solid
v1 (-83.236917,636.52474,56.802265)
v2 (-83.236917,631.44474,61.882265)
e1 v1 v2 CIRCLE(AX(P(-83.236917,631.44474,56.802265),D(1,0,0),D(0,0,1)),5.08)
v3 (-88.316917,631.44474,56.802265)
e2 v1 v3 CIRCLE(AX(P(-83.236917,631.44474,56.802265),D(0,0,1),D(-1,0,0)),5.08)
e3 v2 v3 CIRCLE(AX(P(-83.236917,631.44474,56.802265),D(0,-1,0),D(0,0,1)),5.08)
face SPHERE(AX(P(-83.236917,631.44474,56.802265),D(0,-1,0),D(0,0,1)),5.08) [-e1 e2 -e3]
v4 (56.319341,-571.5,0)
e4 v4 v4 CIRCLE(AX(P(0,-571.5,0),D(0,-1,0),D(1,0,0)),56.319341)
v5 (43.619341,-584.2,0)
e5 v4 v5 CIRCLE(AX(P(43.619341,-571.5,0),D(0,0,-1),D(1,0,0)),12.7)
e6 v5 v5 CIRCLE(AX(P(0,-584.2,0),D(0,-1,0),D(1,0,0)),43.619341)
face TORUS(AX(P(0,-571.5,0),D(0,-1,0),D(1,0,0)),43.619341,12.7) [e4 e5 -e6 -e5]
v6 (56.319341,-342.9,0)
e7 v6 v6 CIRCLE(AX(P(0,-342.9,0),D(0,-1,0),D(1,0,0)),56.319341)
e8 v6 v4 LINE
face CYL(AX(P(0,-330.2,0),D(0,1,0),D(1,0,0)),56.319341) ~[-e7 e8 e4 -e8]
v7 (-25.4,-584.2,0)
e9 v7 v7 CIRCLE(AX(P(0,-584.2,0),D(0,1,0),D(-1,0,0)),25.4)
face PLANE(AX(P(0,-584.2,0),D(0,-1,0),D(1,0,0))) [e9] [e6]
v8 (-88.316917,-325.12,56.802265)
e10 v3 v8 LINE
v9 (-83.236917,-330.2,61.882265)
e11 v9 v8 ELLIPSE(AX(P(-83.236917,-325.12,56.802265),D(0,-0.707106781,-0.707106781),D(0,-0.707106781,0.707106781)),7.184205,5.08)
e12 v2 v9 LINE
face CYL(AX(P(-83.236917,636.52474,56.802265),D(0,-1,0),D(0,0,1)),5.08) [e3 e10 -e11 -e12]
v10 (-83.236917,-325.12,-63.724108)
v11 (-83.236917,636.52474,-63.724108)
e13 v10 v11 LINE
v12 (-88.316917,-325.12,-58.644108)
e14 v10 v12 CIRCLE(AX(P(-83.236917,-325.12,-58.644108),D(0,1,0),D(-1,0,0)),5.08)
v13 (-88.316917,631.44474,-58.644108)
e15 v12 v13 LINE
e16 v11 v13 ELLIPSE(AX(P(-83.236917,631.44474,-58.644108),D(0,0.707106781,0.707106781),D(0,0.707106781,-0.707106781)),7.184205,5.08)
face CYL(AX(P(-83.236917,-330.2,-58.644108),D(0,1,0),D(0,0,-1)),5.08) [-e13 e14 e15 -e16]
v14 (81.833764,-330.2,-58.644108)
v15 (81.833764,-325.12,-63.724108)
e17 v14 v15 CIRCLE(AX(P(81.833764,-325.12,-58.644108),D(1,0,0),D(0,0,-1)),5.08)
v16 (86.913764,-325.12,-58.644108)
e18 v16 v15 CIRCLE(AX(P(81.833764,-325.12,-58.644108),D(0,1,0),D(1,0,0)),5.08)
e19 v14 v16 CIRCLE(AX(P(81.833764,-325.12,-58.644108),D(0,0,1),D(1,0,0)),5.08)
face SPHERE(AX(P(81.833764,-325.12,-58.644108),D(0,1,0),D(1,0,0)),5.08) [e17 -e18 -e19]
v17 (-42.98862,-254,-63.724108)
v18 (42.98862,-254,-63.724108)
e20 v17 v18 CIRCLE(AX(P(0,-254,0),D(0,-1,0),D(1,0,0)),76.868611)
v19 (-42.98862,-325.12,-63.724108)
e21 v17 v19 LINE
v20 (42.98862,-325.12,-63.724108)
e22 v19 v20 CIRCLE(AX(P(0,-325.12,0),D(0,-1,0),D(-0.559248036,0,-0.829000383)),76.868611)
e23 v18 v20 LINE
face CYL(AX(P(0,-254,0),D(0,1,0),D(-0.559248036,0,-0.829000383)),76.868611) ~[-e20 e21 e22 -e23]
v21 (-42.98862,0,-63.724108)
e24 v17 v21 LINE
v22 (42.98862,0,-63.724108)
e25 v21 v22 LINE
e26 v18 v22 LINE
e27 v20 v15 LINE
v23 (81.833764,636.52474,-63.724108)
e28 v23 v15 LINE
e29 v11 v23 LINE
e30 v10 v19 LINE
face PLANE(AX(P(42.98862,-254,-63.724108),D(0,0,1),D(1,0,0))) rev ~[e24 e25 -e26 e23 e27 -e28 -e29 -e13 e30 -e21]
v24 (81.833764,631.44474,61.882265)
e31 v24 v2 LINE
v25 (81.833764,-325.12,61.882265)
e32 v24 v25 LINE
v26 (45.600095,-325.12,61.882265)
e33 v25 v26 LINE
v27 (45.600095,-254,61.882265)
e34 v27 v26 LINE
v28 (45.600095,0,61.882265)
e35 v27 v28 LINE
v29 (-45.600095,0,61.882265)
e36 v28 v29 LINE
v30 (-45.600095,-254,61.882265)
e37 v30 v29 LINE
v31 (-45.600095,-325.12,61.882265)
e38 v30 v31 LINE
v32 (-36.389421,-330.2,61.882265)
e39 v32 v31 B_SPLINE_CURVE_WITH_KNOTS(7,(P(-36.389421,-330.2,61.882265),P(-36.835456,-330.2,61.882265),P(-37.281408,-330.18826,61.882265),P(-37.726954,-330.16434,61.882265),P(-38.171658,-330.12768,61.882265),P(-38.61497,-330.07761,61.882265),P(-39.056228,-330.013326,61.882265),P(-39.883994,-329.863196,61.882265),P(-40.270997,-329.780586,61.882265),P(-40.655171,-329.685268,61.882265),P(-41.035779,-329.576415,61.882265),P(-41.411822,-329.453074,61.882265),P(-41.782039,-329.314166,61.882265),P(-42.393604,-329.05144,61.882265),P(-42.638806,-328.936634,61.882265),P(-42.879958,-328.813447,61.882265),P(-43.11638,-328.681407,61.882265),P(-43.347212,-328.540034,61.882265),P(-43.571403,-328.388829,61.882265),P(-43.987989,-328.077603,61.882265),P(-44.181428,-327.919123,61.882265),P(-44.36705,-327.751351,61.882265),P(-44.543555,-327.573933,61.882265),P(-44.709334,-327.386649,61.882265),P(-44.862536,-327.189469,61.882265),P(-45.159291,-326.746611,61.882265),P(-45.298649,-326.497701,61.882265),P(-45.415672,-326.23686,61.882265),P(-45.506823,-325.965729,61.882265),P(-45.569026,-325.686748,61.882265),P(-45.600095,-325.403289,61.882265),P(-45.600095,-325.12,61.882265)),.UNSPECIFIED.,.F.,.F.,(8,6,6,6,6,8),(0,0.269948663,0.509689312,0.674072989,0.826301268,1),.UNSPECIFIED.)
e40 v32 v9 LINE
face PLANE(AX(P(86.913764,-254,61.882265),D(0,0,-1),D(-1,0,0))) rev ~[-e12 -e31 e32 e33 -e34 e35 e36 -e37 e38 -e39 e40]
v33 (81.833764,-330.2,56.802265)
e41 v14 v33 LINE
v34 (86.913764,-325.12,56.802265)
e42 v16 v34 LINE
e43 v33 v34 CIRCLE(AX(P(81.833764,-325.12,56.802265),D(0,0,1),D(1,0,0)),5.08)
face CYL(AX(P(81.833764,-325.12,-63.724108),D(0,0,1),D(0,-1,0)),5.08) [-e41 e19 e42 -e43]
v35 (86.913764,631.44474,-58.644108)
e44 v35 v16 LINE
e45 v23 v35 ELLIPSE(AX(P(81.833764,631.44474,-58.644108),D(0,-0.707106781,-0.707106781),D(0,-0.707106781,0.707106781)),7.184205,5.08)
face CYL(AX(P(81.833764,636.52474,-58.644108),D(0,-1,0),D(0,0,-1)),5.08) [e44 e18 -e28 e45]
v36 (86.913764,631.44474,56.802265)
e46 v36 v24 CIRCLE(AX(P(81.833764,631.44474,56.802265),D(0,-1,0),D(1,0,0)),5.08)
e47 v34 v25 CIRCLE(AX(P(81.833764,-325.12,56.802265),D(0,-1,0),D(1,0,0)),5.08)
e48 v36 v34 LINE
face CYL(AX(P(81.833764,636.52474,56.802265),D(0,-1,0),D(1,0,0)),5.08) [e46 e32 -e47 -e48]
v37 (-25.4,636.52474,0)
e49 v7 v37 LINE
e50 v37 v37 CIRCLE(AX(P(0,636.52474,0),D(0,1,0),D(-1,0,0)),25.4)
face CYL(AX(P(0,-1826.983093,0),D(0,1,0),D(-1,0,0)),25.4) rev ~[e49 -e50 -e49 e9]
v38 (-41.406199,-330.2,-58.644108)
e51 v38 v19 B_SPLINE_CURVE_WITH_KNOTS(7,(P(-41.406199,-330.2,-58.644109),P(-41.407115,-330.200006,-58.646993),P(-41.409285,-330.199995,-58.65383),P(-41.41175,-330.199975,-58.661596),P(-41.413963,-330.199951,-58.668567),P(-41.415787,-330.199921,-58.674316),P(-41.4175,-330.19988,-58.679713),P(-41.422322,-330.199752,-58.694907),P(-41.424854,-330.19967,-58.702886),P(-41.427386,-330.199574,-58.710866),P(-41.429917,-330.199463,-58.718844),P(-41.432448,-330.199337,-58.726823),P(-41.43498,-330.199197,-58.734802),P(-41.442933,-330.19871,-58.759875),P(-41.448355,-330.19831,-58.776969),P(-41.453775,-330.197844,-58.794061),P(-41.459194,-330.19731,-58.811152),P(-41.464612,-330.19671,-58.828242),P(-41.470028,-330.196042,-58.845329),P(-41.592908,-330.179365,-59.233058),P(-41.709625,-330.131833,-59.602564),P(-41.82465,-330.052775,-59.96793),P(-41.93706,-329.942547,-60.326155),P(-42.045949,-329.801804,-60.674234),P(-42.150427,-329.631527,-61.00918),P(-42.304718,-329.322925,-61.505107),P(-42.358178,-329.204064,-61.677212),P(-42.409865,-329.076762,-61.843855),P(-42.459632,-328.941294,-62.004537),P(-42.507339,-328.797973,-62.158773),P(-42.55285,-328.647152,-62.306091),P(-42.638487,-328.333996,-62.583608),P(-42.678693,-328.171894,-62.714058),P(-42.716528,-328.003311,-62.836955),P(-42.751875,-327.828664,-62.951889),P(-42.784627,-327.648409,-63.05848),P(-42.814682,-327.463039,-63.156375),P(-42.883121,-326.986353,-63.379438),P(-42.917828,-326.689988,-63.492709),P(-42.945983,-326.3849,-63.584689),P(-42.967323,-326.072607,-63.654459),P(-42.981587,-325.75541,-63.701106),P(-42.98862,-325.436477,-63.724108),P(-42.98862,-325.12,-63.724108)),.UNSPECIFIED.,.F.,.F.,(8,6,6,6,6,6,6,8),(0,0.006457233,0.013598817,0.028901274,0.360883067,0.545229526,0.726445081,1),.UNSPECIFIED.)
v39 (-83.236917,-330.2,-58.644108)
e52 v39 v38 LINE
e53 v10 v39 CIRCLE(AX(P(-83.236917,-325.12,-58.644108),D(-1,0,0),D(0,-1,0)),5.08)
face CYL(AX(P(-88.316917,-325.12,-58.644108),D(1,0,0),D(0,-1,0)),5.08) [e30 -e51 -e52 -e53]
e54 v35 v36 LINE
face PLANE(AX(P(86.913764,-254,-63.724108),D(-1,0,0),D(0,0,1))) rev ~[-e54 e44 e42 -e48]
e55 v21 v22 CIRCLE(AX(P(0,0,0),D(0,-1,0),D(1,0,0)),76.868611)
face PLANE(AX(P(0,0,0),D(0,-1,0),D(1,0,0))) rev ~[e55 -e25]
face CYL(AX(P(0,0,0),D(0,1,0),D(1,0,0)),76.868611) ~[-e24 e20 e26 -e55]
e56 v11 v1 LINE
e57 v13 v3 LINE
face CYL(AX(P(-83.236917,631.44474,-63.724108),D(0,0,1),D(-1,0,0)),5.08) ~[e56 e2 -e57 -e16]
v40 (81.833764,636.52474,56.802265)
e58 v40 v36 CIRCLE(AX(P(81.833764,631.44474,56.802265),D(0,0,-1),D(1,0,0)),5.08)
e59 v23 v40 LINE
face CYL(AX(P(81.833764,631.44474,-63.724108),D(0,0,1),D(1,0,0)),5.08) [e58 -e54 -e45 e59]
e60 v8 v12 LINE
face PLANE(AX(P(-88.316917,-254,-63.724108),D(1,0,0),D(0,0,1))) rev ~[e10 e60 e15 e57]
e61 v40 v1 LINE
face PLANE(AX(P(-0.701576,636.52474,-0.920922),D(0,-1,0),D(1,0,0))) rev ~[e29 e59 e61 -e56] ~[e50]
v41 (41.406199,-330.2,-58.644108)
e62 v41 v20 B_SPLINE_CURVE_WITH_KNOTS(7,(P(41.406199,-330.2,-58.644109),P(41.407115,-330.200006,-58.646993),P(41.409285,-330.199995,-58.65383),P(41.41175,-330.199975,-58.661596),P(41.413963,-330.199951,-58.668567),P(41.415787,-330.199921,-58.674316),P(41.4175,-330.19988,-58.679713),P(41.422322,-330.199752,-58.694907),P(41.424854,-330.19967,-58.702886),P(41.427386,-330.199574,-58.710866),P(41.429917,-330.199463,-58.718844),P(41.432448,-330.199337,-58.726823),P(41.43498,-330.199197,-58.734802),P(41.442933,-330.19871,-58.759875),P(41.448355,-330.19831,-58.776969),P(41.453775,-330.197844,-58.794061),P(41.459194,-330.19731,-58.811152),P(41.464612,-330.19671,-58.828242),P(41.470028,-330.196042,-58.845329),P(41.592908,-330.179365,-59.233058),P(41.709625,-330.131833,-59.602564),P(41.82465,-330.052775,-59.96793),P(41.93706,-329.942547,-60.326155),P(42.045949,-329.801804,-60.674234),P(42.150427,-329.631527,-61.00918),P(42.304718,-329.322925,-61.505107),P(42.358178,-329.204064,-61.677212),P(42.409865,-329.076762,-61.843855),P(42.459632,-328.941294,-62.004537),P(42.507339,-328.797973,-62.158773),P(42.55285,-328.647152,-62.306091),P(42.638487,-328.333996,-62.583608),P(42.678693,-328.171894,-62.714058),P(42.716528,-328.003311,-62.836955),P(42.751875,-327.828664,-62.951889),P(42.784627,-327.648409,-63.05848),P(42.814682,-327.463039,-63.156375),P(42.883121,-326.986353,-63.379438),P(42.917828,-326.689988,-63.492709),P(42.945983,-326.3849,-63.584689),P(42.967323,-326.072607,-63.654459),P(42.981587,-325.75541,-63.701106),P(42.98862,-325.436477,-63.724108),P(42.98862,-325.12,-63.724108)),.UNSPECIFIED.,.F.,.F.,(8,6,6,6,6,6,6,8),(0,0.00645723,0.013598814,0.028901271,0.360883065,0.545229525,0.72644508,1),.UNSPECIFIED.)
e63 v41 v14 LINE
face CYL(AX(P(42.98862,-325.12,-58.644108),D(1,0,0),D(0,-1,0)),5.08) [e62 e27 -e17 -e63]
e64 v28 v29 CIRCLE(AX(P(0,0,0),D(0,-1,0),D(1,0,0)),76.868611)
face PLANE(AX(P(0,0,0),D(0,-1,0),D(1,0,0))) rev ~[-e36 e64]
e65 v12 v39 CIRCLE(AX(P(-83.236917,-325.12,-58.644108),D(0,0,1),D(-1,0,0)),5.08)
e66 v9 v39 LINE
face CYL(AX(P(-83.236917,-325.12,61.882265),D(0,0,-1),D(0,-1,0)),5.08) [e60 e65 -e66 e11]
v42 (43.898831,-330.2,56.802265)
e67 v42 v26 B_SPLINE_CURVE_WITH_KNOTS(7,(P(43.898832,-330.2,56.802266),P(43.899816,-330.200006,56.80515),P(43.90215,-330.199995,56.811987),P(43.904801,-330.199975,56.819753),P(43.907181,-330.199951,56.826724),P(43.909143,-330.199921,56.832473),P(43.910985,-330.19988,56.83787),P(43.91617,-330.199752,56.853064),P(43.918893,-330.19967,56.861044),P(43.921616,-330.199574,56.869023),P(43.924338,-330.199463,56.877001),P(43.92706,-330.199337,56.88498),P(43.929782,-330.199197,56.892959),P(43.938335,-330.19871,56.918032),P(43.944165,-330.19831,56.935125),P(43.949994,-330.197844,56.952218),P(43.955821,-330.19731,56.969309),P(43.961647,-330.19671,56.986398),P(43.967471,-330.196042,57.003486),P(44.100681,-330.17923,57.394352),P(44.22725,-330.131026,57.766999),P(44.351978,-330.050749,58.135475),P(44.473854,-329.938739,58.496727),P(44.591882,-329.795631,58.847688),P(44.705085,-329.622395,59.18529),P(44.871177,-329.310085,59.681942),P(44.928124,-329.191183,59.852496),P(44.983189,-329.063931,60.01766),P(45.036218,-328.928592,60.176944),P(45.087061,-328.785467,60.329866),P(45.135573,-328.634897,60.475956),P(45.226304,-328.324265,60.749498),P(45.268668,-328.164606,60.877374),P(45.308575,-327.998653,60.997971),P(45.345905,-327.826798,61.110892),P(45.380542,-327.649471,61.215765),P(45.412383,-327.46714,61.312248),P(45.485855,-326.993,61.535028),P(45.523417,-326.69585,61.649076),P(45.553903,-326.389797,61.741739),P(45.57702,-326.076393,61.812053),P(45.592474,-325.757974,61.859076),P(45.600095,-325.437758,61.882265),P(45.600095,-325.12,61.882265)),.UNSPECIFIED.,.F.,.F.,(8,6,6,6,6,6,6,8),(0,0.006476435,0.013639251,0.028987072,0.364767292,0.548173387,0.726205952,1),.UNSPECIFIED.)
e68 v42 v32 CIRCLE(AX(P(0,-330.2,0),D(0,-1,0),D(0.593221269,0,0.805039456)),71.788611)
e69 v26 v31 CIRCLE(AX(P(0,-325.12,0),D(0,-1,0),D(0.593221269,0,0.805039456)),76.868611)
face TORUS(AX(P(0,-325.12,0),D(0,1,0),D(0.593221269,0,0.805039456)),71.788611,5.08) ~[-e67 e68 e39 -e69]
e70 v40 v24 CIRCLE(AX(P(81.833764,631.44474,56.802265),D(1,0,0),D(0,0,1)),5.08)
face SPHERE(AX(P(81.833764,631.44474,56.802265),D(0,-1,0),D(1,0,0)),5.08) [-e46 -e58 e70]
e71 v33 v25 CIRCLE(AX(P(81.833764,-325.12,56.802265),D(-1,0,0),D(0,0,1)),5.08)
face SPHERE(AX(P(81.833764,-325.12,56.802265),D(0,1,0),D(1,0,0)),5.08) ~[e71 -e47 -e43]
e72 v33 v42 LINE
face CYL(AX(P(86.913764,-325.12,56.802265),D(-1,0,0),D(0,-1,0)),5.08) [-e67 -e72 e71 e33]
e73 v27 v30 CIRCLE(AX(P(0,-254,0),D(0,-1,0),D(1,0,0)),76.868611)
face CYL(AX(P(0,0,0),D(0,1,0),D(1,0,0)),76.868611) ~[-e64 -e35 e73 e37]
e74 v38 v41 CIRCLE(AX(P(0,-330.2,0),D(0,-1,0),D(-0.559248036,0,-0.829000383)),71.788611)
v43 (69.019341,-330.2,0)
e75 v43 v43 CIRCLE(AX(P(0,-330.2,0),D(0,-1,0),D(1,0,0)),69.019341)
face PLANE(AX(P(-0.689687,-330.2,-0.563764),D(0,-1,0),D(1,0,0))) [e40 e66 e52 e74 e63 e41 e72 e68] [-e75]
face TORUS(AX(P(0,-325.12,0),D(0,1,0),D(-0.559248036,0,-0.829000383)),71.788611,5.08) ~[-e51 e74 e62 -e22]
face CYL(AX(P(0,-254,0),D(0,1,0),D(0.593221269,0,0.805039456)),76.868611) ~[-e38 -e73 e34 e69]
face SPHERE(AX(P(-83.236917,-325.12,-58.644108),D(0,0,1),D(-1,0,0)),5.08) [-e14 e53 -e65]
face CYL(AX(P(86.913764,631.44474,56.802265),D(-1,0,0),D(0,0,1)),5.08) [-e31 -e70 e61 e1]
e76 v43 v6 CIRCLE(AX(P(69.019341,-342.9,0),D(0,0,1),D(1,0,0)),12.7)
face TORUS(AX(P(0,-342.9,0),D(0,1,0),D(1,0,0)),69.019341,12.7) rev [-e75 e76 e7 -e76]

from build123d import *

# Parameters (mm, degrees)
F0_R          = 76.8686111214
F1_DEPTH      = 254
F2_W          = 175.2306818962
F2_H          = 125.6063729525
F3_DEPTH      = 890.52474
F4_R          = 58.9166672022
F3_FACE1_W    = 175.2306818962
F3_FACE1_H    = 125.6063729525
F5_DEPTH      = 76.2
F6_R          = 56.3193405809
F7_DEPTH      = 254
F7_DEPTH_BACK = 25.4
F8_R          = 12.7
F9_R          = 12.7
F11_D         = 50.8
F12_R         = 5.08


with BuildPart() as f1:
    # F0 (on Front) → F1 (new body)
    with BuildSketch(Plane.XZ):
        Circle(F0_R)
    extrude(amount=F1_DEPTH)

    # F2 (on face) → F3 (join)
    with BuildSketch(Plane.XZ.offset(254)):
        with Locations((-0.7015764713, -0.9209215641)):
            Rectangle(F2_W, F2_H)
        with BuildLine():
            Line((86.9137644768, 61.8822649121), (45.6000950117, 61.8822649121))
            ThreePointArc((45.6000950117, 61.8822649121), (68.6075773741, 34.6667521206), (76.8686111214, 0))
            ThreePointArc((76.8686111214, 0), (67.8721550854, -36.0853701628), (42.9886197754, -63.7241080403))
            Line((42.9886197754, -63.7241080403), (86.9137644768, -63.7241080403))
            Line((86.9137644768, -63.7241080403), (86.9137644768, 61.8822649121))
        make_face()
    extrude(amount=-F3_DEPTH)

    # F4 (on face) + F3_face (on face) + F3_face1 (on face) → F5 (join)
    with BuildSketch(Plane.XZ.offset(254)):
        Circle(F4_R)
    with BuildSketch(Plane(origin=(-0.6513319222, -254, -0.4226097365), x_dir=(1, 0, 0), z_dir=(0, -1, 0))):
        with BuildLine():
            Line((43.6399516976, -63.3014983039), (87.565096399, -63.3014983039))
            Line((87.565096399, -63.3014983039), (87.565096399, 62.3048746486))
            Line((87.565096399, 62.3048746486), (46.2514269339, 62.3048746486))
            ThreePointArc((46.2514269339, 62.3048746486), (0.6513319222, 77.2912208578), (-44.9487630895, 62.3048746486))
            Line((-44.9487630895, 62.3048746486), (-87.6655854972, 62.3048746486))
            Line((-87.6655854972, 62.3048746486), (-87.6655854972, -63.3014983039))
            Line((-87.6655854972, -63.3014983039), (-42.3372878532, -63.3014983039))
            ThreePointArc((-42.3372878532, -63.3014983039), (0.6513319222, -76.4460013849), (43.6399516976, -63.3014983039))
        make_face()
    with BuildSketch(Plane(origin=(-0.7015764713, 636.52474, -0.9209215641), x_dir=(1, 0, 0), z_dir=(0, 1, 0))):
        Rectangle(F3_FACE1_W, F3_FACE1_H)
    extrude(amount=F5_DEPTH, dir=(0, -1, 0))

    # F6 (on face) → F7 (join, two sides)
    with BuildSketch(Plane.XZ.offset(330.2)) as f7_sk:
        Circle(F6_R)
    extrude(amount=F7_DEPTH)
    extrude(f7_sk.sketch, amount=-F7_DEPTH_BACK)

    # F8
    f8_edges = [f1.edges().sort_by_distance(p)[0] for p in [
        (-56.319341, -330.2, 0),
    ]]
    fillet(f8_edges, radius=F8_R)

    # F9
    f9_edges = [f1.edges().sort_by_distance(p)[0] for p in [
        (-56.319341, -584.2, 0),
    ]]
    fillet(f9_edges, radius=F9_R)

    # F11 (through all)
    with Locations(Plane.XZ.offset(584.2)):
        with Locations((0, 0)):
            Hole(F11_D / 2)

    # F12
    f12_edges = [f1.edges().sort_by_distance(p)[0] for p in [
        (86.913764, 153.16237, 61.882265),
        (-88.316917, 153.16237, 61.882265),
        (86.913764, 153.16237, -63.724108),
        (86.913764, -330.2, -0.920922),
        (-88.316917, -330.2, -0.920922),
        (86.913764, 636.52474, -0.920922),
        (-0.701576, 636.52474, 61.882265),
        (-88.316917, 153.16237, -63.724108),
        (-65.652769, -330.2, -63.724108),
        (64.951192, -330.2, -63.724108),
        (0, -330.2, 76.868611),
        (0, -330.2, -76.868611),
        (66.25693, -330.2, 61.882265),
        (-88.316917, 636.52474, -0.920922),
    ]]
    fillet(f12_edges, radius=F12_R)


solid = f1.part
